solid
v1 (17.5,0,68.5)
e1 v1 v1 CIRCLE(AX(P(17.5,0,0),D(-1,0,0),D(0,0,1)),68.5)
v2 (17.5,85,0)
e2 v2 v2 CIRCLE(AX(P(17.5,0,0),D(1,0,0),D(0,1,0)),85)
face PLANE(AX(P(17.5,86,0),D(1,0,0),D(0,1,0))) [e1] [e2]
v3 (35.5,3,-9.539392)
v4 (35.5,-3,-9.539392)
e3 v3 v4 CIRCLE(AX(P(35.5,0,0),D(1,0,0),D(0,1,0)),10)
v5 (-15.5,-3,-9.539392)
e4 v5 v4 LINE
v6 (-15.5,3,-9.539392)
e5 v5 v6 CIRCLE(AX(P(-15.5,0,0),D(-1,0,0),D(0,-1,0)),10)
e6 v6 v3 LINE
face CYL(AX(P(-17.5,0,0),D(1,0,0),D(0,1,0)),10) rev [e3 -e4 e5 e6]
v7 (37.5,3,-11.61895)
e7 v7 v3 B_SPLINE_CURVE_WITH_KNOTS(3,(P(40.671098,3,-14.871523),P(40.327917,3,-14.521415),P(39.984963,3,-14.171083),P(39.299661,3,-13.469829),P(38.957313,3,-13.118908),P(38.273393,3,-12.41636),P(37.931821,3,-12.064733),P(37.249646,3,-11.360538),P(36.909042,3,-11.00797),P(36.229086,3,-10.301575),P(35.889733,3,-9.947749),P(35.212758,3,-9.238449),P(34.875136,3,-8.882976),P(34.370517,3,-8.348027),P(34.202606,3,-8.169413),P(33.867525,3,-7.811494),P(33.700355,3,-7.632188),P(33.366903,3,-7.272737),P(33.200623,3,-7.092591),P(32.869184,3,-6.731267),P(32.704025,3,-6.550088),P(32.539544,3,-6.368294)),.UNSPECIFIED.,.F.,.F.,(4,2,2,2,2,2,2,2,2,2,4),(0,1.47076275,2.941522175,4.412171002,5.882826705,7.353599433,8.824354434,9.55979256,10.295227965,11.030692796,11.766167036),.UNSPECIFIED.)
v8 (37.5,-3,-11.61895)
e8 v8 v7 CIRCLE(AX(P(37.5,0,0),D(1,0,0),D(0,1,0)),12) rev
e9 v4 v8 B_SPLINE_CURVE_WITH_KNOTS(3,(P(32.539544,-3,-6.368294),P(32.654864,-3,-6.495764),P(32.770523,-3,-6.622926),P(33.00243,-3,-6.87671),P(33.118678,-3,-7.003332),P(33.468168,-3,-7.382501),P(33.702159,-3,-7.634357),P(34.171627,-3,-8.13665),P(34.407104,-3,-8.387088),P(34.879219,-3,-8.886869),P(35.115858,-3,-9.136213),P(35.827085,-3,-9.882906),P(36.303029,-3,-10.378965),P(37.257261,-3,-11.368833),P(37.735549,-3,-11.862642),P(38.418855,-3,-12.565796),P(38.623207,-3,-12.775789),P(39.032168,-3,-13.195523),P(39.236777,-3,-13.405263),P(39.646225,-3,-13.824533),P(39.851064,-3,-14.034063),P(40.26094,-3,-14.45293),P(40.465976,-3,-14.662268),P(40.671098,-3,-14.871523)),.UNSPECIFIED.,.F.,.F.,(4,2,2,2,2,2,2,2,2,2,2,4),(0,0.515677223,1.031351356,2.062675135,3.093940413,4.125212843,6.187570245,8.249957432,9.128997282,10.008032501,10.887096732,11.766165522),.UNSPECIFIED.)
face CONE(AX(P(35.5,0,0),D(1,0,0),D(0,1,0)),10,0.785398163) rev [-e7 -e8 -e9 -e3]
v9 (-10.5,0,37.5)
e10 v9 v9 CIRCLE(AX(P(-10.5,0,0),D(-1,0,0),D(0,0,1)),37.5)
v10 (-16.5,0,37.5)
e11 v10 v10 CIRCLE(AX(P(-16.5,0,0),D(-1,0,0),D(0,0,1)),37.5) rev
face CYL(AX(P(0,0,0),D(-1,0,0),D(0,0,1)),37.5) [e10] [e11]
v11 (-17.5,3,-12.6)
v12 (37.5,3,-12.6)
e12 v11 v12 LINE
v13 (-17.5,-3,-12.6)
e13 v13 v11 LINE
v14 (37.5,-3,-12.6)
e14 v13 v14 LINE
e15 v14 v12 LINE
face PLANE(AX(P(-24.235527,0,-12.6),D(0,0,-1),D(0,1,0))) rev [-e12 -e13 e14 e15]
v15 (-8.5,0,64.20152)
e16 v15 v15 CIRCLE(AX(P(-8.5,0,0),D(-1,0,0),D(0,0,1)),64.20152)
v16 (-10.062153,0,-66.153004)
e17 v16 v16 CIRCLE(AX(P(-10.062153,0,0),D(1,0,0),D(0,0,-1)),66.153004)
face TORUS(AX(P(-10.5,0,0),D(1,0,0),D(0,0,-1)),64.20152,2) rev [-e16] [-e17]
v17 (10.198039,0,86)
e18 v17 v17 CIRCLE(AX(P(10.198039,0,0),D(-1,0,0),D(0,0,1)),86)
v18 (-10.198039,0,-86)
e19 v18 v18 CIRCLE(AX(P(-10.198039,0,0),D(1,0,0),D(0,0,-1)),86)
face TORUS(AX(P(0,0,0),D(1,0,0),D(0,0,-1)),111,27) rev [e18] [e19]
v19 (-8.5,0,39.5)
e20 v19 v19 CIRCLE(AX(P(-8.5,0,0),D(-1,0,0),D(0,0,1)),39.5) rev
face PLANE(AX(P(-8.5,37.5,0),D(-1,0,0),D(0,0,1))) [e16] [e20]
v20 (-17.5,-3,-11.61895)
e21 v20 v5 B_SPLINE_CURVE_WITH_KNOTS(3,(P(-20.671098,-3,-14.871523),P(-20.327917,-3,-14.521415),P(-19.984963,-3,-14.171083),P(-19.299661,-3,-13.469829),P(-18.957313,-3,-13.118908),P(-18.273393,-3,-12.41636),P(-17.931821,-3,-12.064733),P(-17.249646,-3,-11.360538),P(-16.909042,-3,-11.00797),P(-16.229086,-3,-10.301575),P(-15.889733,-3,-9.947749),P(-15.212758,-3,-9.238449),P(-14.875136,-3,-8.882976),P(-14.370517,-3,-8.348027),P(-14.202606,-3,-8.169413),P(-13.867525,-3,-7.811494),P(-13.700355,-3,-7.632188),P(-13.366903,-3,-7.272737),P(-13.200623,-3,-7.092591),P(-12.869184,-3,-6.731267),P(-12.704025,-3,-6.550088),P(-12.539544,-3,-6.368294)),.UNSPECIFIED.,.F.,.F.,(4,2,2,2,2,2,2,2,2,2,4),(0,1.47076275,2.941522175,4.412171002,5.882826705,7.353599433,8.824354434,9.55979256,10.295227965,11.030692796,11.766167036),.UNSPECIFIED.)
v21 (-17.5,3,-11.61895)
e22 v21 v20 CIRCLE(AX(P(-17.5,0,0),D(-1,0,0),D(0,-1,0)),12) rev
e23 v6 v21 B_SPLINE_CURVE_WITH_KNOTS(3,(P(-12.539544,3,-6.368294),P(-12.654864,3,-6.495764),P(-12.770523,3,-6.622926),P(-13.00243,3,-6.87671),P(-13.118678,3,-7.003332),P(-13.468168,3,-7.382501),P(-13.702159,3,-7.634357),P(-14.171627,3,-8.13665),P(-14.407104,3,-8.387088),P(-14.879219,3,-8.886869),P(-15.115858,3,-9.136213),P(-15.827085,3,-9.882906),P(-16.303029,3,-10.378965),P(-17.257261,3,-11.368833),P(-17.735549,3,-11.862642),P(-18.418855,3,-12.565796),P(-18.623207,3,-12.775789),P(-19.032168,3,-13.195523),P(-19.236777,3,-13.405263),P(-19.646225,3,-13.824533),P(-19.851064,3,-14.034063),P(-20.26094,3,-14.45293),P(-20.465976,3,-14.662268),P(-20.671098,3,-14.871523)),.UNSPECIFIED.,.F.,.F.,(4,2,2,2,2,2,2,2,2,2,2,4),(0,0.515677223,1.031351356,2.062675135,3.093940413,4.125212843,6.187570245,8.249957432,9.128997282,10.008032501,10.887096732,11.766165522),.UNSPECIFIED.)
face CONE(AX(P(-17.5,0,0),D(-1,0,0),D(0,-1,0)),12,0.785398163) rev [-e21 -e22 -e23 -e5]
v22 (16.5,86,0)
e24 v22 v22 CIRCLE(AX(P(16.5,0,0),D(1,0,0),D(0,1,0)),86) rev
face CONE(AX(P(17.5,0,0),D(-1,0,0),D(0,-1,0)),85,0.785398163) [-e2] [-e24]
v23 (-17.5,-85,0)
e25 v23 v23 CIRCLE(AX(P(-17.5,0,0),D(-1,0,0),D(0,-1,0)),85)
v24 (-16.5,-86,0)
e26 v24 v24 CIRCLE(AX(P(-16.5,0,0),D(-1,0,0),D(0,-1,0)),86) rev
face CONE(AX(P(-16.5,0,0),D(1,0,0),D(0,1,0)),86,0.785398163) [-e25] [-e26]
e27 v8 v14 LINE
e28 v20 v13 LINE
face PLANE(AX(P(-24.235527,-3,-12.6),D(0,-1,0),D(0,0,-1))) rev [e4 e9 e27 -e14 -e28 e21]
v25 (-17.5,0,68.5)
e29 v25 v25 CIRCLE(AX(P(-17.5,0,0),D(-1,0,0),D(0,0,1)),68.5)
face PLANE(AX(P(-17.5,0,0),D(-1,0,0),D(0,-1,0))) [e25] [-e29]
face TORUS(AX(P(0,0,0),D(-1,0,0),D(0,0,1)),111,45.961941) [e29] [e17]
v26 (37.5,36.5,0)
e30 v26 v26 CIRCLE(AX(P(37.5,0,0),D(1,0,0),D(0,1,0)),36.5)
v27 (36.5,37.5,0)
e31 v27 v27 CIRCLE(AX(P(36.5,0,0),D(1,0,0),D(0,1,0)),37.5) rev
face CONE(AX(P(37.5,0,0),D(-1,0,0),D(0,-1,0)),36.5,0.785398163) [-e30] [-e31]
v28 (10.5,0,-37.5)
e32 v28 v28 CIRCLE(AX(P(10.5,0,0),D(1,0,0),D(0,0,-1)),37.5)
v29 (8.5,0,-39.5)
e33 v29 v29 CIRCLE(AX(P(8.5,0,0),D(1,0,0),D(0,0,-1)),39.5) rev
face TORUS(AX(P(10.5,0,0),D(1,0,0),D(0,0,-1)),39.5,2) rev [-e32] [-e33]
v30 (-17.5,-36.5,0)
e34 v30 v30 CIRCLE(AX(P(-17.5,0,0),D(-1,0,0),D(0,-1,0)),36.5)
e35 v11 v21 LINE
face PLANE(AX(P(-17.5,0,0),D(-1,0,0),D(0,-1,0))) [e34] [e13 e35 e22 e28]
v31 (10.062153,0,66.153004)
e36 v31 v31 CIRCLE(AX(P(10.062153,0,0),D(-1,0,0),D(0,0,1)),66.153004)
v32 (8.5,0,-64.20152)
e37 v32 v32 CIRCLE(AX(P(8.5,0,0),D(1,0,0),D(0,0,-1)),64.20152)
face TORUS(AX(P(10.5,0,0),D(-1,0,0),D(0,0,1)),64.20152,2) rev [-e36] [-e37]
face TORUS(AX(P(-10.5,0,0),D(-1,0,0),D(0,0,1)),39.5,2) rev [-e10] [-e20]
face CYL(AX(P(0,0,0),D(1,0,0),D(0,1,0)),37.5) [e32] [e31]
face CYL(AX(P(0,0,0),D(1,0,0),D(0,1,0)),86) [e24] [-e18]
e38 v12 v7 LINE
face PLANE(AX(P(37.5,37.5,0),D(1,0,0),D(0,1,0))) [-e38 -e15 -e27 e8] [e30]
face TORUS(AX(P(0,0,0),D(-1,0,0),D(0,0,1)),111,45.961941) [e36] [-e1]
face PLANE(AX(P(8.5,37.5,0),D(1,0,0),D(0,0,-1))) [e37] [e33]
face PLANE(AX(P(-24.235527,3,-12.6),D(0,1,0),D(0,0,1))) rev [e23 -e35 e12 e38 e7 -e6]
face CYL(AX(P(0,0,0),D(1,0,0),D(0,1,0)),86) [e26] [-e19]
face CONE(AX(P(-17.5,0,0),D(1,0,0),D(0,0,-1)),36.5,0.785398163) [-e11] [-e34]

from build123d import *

# Parameters (mm, degrees)
CROQUIS2_R                        = 27
CROQUIS4_R                        = 10
CORTAR_EXTRUIR1_DEPTH             = 134.4803358
CHAFL_N1_SIZE                     = 1
CHAFL_N2_SIZE                     = 2
REDONDEO3_R                       = 2
REDONDEO5_R                       = 2
CORTAR_EXTRUIR2_REACH             = 129.272
CORTAR_EXTRUIR2_DIRECTION_2_REACH = 129.272


with BuildPart() as part:
    # Croquis1 → Revolución1 (revolve)
    with BuildSketch(Plane.XY):
        Polygon((-17.5, 0), (17.5, 0), (37.5, 0), (37.5, 37.5), (17.5, 37.5), (17.5, 86), (-17.5, 86), align=None)
    revolve(axis=Axis((0, 0, 0), (-1, 0, 0)))

    # Croquis2 → Cortar-Revolución1 (revolve, cut)
    with BuildSketch(Plane.XY):
        with Locations((0, 111)):
            Circle(CROQUIS2_R)
    revolve(axis=Axis((0, 0, 0), (-1, 0, 0)), mode=Mode.SUBTRACT)

    # Croquis3 → Cortar-Revolución2 (revolve, cut)
    with BuildSketch(Plane.XY, mode=Mode.PRIVATE) as cortar_revoluci_n2_sk:
        with BuildLine():
            Line((-8.5, 37.5), (-8.5, 65.830873376))
            ThreePointArc((-8.5, 65.830873376), (-13.06832274, 66.93505996), (-17.5, 68.5))
            Line((-17.5, 68.5), (-17.5, 37.5))
            Line((-17.5, 37.5), (-8.5, 37.5))
        make_face()
        with BuildLine():
            Line((8.5, 37.5), (8.5, 65.830873376))
            ThreePointArc((8.5, 65.830873376), (13.06832274, 66.93505996), (17.5, 68.5))
            Line((17.5, 68.5), (17.5, 37.5))
            Line((17.5, 37.5), (8.5, 37.5))
        make_face()
    revolve(cortar_revoluci_n2_sk.sketch.rotate(Axis((0, 0, 0), (1, 0, 0)), 90), axis=Axis((0, 0, 0), (1, 0, 0)), mode=Mode.SUBTRACT)

    # Croquis4 → Cortar-Extruir1 (cut, through all)
    with BuildSketch(Plane(origin=(37.5, 0, 0), x_dir=(0, 0, -1), z_dir=(1, 0, 0))):
        with Locations(Location((0, 0, 0), (0, 0, 90))):
            Circle(CROQUIS4_R)
    extrude(amount=-CORTAR_EXTRUIR1_DEPTH, mode=Mode.SUBTRACT)

    # Chaflán1
    chafl_n1_edges = [part.edges().sort_by_distance(p)[0] for p in [
        (-17.5, 0, -37.5),
        (37.5, -37.5, 0),
        (17.5, -86, 0),
        (-17.5, -86, 0),
    ]]
    chamfer(chafl_n1_edges, length=CHAFL_N1_SIZE)

    # Chaflán2
    chafl_n2_edges = [part.edges().sort_by_distance(p)[0] for p in [
        (-17.5, -10, 0),
        (37.5, -10, 0),
    ]]
    chamfer(chafl_n2_edges, length=CHAFL_N2_SIZE)

    # Redondeo3
    redondeo3_edges = [part.edges().sort_by_distance(p)[0] for p in [
        (-8.5, 0, -65.830873376),
        (8.5, 0, -65.830873376),
    ]]
    fillet(redondeo3_edges, radius=REDONDEO3_R)

    # Redondeo5
    redondeo5_edges = [part.edges().sort_by_distance(p)[0] for p in [
        (-8.5, 0, -37.5),
        (8.5, 0, -37.5),
    ]]
    fillet(redondeo5_edges, radius=REDONDEO5_R)

    # Cortar-Extruir2: up to this face of the body (flat: up to its plane)
    cortar_extruir2_end = Plane(part.part.faces().sort_by_distance((-17.5, -13.032375901, 0))[0])
    # Croquis5 → Cortar-Extruir2 (cut, up to the picked face)
    with BuildSketch(Plane(origin=(0, 0, 0), x_dir=(0, 0, -1), z_dir=(1, 0, 0)), mode=Mode.PRIVATE) as cortar_extruir2_sk1:
        with BuildLine():
            Line((12.6, 0), (12.6, 3))
            Line((12.6, 3), (9.539392014, 3))
            ThreePointArc((9.539392014, 3), (10, 0), (9.539392014, -3))
            Line((9.539392014, -3), (12.6, -3))
            Line((12.6, -3), (12.6, 0))
        make_face()
    cortar_extruir2_tool1 = split(extrude(cortar_extruir2_sk1.sketch, amount=-CORTAR_EXTRUIR2_REACH, mode=Mode.PRIVATE), bisect_by=cortar_extruir2_end, keep=Keep.BOTH, mode=Mode.PRIVATE)
    add(cortar_extruir2_tool1.solids().sort_by(Axis((0, 0, -11.220551), (-1, 0, 0)))[0], mode=Mode.SUBTRACT)

    # Cortar-Extruir2 direction 2: up to this face of the body (flat: up to its plane)
    cortar_extruir2_direction_2_end = Plane(part.part.faces().sort_by_distance((37.5, -13.032375901, 0))[0])
    # Croquis5 → Cortar-Extruir2 direction 2 (cut, up to the picked face)
    with BuildSketch(Plane(origin=(0, 0, 0), x_dir=(0, 0, -1), z_dir=(1, 0, 0)), mode=Mode.PRIVATE) as cortar_extruir2_direction_2_sk1:
        with BuildLine():
            Line((12.6, 0), (12.6, 3))
            Line((12.6, 3), (9.539392014, 3))
            ThreePointArc((9.539392014, 3), (10, 0), (9.539392014, -3))
            Line((9.539392014, -3), (12.6, -3))
            Line((12.6, -3), (12.6, 0))
        make_face()
    cortar_extruir2_direction_2_tool1 = split(extrude(cortar_extruir2_direction_2_sk1.sketch, amount=CORTAR_EXTRUIR2_DIRECTION_2_REACH, mode=Mode.PRIVATE), bisect_by=cortar_extruir2_direction_2_end, keep=Keep.BOTH, mode=Mode.PRIVATE)
    add(cortar_extruir2_direction_2_tool1.solids().sort_by(Axis((0, 0, -11.220551), (1, 0, 0)))[0], mode=Mode.SUBTRACT)


solid = part.part
